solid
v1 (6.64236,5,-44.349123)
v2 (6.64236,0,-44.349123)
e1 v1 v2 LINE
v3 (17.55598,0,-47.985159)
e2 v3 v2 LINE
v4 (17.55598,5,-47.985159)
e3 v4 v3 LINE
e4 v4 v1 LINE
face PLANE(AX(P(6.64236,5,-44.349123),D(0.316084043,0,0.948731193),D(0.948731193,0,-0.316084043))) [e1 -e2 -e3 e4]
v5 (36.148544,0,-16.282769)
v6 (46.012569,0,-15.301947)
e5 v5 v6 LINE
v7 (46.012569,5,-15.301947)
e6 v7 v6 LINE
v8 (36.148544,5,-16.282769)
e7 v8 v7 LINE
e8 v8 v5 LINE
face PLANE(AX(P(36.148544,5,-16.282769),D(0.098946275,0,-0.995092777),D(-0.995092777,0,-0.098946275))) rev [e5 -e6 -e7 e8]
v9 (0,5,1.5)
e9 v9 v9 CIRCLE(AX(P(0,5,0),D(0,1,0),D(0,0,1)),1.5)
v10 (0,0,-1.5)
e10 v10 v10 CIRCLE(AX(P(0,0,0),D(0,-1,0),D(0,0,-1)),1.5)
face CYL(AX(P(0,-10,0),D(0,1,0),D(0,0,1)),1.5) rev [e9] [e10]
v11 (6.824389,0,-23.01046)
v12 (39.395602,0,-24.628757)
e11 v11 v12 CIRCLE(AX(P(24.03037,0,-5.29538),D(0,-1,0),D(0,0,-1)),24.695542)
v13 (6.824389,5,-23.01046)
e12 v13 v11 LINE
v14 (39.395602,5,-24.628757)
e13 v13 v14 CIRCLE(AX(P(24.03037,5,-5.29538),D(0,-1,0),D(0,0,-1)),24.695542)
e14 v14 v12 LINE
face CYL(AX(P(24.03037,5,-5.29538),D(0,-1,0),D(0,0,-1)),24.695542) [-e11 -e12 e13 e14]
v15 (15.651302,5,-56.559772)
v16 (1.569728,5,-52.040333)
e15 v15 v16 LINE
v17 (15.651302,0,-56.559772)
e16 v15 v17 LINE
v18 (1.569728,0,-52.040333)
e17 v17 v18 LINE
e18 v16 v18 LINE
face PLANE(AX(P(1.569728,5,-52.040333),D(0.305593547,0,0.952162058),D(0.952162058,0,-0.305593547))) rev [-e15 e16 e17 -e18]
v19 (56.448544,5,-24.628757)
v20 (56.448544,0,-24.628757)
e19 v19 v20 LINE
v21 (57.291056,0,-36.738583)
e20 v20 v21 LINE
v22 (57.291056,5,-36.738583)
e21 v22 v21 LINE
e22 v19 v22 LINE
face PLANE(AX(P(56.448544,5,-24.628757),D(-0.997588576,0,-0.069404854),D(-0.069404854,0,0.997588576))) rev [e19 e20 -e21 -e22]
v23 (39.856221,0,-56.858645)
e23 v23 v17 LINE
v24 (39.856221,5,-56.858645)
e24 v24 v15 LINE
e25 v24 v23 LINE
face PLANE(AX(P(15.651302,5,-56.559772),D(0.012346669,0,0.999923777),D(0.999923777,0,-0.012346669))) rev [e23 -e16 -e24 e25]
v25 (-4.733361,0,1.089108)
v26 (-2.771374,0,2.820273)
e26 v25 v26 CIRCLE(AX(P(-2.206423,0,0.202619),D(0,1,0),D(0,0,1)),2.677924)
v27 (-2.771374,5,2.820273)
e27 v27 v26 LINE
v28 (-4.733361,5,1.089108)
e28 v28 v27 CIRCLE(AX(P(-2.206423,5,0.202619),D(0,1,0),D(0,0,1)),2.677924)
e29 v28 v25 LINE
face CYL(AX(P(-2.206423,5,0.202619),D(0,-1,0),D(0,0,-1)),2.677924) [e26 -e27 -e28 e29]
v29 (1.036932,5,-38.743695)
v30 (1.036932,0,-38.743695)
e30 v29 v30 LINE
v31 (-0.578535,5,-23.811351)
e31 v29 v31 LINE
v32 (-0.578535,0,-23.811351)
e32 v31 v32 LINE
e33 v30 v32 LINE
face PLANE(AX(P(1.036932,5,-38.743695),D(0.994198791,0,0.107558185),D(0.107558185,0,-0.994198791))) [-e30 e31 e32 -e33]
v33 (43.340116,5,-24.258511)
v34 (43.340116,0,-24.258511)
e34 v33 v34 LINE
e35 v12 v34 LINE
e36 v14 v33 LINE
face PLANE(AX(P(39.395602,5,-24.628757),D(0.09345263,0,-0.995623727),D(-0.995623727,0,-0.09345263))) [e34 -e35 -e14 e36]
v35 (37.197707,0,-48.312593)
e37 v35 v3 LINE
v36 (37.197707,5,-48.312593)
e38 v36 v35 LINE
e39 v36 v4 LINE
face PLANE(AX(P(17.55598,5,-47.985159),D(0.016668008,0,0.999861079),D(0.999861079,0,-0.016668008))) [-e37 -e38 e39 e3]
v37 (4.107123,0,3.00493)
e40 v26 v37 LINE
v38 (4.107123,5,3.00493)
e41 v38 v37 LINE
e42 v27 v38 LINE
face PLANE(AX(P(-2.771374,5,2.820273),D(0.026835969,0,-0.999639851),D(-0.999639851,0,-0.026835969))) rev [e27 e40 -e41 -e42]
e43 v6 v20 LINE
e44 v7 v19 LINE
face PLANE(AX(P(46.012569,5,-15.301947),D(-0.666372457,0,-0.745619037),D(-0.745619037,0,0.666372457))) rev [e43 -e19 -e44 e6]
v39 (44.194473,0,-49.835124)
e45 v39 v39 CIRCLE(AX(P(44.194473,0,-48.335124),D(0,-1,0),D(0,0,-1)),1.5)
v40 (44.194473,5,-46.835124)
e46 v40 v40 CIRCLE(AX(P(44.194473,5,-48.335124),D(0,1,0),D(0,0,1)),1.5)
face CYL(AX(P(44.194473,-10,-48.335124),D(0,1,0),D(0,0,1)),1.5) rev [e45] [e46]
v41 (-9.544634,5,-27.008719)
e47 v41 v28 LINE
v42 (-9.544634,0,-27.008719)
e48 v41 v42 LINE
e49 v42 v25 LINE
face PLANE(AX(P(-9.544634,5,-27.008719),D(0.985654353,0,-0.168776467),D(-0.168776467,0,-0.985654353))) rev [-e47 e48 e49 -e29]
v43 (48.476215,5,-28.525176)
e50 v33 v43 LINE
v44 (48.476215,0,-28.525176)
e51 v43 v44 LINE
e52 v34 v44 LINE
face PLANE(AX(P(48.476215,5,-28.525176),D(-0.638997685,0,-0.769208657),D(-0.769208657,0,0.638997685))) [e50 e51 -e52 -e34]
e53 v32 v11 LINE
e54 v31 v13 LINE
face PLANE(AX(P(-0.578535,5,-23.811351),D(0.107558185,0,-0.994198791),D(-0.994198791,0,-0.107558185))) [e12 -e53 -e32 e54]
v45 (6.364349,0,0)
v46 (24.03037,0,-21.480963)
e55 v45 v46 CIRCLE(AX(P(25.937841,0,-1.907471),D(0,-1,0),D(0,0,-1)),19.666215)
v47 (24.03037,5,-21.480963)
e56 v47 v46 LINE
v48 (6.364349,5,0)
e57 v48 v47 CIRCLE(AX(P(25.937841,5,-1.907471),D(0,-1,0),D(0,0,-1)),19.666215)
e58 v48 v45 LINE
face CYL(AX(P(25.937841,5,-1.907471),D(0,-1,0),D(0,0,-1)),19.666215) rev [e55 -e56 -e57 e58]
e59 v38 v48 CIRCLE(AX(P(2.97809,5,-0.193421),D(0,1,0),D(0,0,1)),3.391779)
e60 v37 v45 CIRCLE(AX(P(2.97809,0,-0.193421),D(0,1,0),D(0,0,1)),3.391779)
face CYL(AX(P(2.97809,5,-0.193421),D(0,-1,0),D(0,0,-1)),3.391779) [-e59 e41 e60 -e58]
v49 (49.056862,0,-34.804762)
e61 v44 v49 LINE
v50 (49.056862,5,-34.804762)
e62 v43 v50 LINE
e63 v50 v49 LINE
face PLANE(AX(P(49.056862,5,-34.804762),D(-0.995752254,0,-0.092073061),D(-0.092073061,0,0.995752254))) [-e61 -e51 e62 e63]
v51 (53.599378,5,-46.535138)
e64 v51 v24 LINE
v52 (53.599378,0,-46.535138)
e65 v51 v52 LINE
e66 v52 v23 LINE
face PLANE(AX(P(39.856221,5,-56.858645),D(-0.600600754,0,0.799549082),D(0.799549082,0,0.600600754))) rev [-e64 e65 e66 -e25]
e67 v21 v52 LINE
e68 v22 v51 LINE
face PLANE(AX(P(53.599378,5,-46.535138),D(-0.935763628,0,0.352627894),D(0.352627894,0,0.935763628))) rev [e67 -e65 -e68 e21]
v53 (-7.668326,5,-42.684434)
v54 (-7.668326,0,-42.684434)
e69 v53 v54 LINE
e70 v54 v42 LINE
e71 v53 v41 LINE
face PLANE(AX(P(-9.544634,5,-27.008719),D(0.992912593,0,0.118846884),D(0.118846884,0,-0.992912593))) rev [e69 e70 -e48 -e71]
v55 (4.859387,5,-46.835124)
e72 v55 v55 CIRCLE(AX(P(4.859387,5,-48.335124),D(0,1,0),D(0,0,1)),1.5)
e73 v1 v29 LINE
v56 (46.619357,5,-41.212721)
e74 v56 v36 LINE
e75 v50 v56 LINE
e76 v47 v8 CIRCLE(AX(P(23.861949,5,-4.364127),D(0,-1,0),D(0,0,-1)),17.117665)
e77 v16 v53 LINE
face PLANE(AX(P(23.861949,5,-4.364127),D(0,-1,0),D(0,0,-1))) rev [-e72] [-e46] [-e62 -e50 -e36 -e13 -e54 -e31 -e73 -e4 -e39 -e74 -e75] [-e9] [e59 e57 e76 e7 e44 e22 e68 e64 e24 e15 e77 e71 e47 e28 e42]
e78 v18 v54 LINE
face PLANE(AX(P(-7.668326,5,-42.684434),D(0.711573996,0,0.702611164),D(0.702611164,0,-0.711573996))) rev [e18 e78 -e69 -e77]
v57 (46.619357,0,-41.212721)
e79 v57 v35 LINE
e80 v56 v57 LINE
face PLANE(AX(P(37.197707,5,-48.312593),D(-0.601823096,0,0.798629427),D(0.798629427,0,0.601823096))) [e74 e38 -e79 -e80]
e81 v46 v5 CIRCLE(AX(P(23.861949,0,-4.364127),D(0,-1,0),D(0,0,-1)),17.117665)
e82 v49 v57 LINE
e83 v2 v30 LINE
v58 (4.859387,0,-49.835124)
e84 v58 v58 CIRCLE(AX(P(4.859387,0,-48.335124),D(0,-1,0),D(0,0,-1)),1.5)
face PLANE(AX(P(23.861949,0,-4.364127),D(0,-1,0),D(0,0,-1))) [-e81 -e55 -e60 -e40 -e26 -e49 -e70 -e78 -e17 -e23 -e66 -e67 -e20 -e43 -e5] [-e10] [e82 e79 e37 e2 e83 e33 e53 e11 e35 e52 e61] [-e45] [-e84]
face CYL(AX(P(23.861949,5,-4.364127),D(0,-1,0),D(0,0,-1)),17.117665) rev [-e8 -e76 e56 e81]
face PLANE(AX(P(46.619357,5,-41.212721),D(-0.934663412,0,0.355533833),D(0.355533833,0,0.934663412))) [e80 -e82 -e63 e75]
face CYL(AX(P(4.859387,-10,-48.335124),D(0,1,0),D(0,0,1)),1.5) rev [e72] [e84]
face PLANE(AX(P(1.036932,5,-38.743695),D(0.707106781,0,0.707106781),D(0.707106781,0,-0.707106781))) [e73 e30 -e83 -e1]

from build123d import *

# Parameters (mm, degrees)
BOSS_EXTRUDE2_DEPTH = 5
SKETCH2_R           = 1.5
CUT_EXTRUDE1_DEPTH  = 15


with BuildPart() as part:
    # Sketch1 → Boss-Extrude2 (new body)
    with BuildSketch(Plane(origin=(0, 0, 0), x_dir=(1, 0, 0), z_dir=(0, 1, 0))):
        with BuildLine():
            Line((1.569728042, 52.040332943), (15.651301799, 56.559771658))
            Line((15.651301799, 56.559771658), (39.856221019, 56.858644564))
            Line((39.856221019, 56.858644564), (53.599377939, 46.535137731))
            Line((53.599377939, 46.535137731), (57.29105631, 36.738583337))
            Line((57.29105631, 36.738583337), (56.448543902, 24.628756692))
            Line((56.448543902, 24.628756692), (46.012568554, 15.301947443))
            Line((46.012568554, 15.301947443), (36.148543795, 16.282769063))
            ThreePointArc((36.148543795, 16.282769063), (30.610071526, 20.095537749), (24.030369651, 21.480963085))
            ThreePointArc((24.030369651, 21.480963085), (10.748506444, 14.399234116), (6.364349479, 0))
            ThreePointArc((6.364349479, 0), (5.689983794, -1.843684392), (4.107122834, -3.004930446))
            Line((4.107122834, -3.004930446), (-2.771373889, -2.820272816))
            ThreePointArc((-2.771373889, -2.820272816), (-3.97819548, -2.210628496), (-4.733361209, -1.089107533))
            Line((-4.733361209, -1.089107533), (-9.544633948, 27.008719122))
            Line((-9.544633948, 27.008719122), (-7.668325905, 42.684434119))
            Line((-7.668325905, 42.684434119), (1.569728042, 52.040332943))
        make_face()
        with BuildLine():
            Line((1.036932163, 38.743694932), (-0.578535299, 23.81135118))
            Line((-0.578535299, 23.81135118), (6.824389086, 23.010459929))
            ThreePointArc((6.824389086, 23.010459929), (22.804886304, 29.960497456), (39.395602183, 24.628756692))
            Line((39.395602183, 24.628756692), (43.340115732, 24.258511233))
            Line((43.340115732, 24.258511233), (48.476214586, 28.525175745))
            Line((48.476214586, 28.525175745), (49.056861781, 34.804762264))
            Line((49.056861781, 34.804762264), (46.61935743, 41.212721012))
            Line((46.61935743, 41.212721012), (37.197706882, 48.312593262))
            Line((37.197706882, 48.312593262), (17.555979737, 47.985159309))
            Line((17.555979737, 47.985159309), (6.642360366, 44.349123135))
            Line((6.642360366, 44.349123135), (1.036932163, 38.743694932))
        make_face(mode=Mode.SUBTRACT)
    extrude(amount=BOSS_EXTRUDE2_DEPTH)

    # Sketch2 → Cut-Extrude1 (cut)
    with BuildSketch(Plane(origin=(0, 5, 0), x_dir=(1, 0, 0), z_dir=(0, 1, 0))):
        with Locations((44.194472597, 48.335123533)):
            Circle(SKETCH2_R)
        Circle(SKETCH2_R)
        with Locations((4.859386625, 48.335123533)):
            Circle(SKETCH2_R)
    extrude(amount=-CUT_EXTRUDE1_DEPTH, mode=Mode.SUBTRACT)


solid = part.part
